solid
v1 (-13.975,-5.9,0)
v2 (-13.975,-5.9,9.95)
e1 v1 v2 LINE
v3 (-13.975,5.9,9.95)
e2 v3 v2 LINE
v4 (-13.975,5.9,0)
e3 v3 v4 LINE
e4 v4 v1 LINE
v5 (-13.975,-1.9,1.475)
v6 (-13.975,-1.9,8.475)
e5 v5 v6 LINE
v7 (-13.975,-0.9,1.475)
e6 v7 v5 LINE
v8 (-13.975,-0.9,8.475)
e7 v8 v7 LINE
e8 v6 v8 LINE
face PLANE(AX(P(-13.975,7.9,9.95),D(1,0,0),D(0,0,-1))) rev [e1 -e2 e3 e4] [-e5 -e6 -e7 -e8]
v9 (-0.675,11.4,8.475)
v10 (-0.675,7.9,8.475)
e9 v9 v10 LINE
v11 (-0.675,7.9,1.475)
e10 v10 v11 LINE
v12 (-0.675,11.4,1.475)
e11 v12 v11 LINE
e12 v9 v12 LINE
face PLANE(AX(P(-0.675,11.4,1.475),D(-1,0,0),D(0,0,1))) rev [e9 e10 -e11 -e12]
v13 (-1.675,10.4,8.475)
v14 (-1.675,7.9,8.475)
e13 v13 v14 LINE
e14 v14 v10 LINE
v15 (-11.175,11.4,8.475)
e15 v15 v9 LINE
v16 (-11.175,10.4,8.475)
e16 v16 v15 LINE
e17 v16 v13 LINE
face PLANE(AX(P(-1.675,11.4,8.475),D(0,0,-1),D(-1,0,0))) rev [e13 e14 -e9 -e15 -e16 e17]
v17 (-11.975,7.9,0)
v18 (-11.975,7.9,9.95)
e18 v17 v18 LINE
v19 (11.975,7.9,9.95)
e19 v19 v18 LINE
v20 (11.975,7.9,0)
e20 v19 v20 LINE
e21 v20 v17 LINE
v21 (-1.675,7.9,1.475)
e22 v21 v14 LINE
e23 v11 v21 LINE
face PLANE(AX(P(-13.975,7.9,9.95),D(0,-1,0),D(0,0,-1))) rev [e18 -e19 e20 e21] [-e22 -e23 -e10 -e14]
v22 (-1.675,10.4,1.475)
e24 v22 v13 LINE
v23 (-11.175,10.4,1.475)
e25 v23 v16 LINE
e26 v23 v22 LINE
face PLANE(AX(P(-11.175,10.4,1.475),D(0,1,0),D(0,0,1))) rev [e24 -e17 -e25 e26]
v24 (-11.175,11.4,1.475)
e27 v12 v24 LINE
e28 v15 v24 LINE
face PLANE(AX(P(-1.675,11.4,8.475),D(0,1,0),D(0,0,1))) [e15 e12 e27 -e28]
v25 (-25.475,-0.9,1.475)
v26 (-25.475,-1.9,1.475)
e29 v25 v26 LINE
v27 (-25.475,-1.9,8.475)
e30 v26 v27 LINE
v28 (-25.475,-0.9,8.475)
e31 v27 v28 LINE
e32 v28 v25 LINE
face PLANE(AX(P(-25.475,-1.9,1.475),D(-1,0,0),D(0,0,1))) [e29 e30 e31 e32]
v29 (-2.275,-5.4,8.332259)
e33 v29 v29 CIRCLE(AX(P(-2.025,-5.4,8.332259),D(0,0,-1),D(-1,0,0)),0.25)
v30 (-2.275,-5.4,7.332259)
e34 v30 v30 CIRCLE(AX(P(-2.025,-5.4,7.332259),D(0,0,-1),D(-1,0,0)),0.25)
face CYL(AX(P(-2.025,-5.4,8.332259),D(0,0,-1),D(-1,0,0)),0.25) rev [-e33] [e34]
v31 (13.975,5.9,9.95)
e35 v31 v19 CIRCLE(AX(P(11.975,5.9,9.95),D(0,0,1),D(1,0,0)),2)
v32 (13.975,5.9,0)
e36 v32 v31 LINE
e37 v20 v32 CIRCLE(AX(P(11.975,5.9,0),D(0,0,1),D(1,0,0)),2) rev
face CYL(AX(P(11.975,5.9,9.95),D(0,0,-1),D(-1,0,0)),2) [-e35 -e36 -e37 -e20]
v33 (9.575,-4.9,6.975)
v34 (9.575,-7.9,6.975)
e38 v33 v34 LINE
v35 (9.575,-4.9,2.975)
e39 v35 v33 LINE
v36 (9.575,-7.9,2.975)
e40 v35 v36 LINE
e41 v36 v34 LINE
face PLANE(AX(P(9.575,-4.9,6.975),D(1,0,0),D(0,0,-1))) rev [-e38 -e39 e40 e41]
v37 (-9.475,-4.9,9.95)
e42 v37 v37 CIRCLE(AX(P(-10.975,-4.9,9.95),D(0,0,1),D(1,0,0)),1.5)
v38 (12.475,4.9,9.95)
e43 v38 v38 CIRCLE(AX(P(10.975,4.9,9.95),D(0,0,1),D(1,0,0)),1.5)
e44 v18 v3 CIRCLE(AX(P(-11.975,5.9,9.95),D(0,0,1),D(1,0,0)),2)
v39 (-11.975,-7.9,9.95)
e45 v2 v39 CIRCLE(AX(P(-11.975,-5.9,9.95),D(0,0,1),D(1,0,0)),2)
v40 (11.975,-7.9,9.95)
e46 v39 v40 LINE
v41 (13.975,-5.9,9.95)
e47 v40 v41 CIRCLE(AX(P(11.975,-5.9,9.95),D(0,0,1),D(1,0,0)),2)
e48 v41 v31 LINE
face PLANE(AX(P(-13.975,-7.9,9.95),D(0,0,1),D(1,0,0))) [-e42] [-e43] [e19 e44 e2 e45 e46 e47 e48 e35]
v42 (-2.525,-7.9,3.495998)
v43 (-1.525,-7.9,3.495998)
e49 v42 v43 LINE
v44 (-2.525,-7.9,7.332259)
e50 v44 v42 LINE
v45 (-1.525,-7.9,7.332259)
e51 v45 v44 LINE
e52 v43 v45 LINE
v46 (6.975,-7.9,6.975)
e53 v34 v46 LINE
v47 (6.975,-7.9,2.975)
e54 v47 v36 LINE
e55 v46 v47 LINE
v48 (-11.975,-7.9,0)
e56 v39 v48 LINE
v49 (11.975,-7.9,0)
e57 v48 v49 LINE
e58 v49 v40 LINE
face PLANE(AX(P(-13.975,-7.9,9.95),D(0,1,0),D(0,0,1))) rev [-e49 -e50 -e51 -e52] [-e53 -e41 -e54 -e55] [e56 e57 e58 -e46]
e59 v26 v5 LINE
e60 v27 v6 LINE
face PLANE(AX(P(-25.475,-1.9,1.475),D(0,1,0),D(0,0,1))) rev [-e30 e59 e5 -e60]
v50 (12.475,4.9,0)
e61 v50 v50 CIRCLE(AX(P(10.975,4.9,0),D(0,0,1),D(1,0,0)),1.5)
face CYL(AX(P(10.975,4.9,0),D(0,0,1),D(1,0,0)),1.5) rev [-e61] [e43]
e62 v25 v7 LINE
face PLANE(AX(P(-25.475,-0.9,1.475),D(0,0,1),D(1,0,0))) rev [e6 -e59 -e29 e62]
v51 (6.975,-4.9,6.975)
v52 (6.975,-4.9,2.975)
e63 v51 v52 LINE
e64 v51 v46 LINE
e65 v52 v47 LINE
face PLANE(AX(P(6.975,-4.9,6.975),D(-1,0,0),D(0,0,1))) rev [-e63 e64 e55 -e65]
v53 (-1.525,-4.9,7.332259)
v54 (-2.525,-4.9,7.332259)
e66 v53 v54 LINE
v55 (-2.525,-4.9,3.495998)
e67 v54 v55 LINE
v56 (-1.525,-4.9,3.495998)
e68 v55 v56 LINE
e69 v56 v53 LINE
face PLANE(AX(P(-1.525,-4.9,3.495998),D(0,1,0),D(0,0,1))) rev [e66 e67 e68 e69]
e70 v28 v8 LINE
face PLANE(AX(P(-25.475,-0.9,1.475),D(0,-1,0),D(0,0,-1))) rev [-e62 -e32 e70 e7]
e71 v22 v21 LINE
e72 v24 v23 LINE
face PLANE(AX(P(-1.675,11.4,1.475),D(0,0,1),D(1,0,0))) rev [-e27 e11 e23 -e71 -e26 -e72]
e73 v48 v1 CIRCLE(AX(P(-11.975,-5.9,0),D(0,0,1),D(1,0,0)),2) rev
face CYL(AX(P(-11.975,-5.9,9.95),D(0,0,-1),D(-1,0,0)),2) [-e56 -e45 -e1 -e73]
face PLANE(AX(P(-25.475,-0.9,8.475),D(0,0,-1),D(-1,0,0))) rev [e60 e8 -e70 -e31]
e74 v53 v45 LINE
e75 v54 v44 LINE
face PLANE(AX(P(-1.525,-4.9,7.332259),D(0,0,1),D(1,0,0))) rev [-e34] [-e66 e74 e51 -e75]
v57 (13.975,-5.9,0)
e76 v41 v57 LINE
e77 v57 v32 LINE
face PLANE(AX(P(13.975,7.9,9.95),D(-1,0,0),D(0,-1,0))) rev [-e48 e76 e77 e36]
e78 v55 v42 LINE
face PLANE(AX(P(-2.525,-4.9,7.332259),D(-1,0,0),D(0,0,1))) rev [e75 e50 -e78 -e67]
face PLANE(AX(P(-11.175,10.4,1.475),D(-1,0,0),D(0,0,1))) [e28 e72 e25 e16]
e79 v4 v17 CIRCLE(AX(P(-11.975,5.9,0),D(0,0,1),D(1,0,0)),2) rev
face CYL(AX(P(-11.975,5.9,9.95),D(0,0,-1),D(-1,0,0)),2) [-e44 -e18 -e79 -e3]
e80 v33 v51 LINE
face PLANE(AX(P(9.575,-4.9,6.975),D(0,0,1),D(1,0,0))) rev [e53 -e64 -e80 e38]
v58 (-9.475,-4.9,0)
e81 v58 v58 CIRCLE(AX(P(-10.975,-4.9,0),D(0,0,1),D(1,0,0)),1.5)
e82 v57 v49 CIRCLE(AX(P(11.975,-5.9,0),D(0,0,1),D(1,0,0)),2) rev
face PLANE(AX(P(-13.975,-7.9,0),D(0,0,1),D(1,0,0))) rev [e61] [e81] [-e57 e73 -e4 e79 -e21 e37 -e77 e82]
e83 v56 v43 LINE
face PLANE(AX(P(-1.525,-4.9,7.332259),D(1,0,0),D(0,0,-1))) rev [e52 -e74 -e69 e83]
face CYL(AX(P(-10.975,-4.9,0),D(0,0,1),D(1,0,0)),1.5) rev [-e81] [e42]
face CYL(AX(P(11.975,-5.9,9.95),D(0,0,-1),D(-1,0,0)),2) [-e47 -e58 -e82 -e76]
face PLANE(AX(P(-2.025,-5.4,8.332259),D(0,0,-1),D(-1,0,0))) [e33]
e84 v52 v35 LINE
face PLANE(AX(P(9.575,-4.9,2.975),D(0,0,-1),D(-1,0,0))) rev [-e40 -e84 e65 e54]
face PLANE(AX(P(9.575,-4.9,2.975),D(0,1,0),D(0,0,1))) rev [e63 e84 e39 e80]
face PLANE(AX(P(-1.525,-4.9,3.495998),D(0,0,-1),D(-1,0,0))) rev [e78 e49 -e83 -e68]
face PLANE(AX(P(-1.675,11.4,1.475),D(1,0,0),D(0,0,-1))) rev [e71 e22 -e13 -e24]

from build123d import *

# Parameters (mm, degrees)
SKETCH1_W      = 27.95
SKETCH1_H      = 15.8
EXTRUDE1_DEPTH = 9.95
SKETCH2_R      = 1.5
EXTRUDE2_DEPTH = 10.95
FILLET1_R      = 2
SKETCH3_W      = 7
SKETCH3_H      = 1
EXTRUDE3_DEPTH = 11.5
SKETCH4_W      = 1
SKETCH4_H      = 7
EXTRUDE4_DEPTH = 3.5
SKETCH5_W      = 7
SKETCH5_H      = 1
EXTRUDE5_DEPTH = 9.5
SKETCH6_W      = 2.6
SKETCH6_H      = 4
EXTRUDE6_DEPTH = 3
SKETCH7_W      = 1
SKETCH7_H      = 3.836260464
EXTRUDE7_DEPTH = 3
SKETCH8_R      = 0.25
EXTRUDE8_DEPTH = 1


with BuildPart() as part:
    # Sketch1 → Extrude1 (new body)
    with BuildSketch(Plane.XY):
        Rectangle(SKETCH1_W, SKETCH1_H)
    extrude(amount=EXTRUDE1_DEPTH)

    # Sketch2 → Extrude2 (cut, through all)
    with BuildSketch(Plane.XY.offset(9.95)):
        with Locations((10.975, 4.9)):
            Circle(SKETCH2_R)
        with Locations((-10.975, -4.9)):
            Circle(SKETCH2_R)
    extrude(amount=-EXTRUDE2_DEPTH, mode=Mode.SUBTRACT)

    # Fillet1
    fillet1_edges = [part.edges().sort_by_distance(p)[0] for p in [
        (-13.975, 7.9, 4.975),
        (13.975, 7.9, 4.975),
        (13.975, -7.9, 4.975),
        (-13.975, -7.9, 4.975),
    ]]
    fillet(fillet1_edges, radius=FILLET1_R)

    # Sketch3 → Extrude3 (add)
    with BuildSketch(Plane.ZY.offset(13.975)):
        with Locations((4.975, -1.4)):
            Rectangle(SKETCH3_W, SKETCH3_H)
    extrude(amount=EXTRUDE3_DEPTH)

    # Sketch4 → Extrude4 (add)
    with BuildSketch(Plane(origin=(0, 7.9, 0), x_dir=(-1, 0, 0), z_dir=(0, 1, 0))):
        with Locations((1.175, 4.975)):
            Rectangle(SKETCH4_W, SKETCH4_H)
    extrude(amount=EXTRUDE4_DEPTH)

    # Sketch5 → Extrude5 (add)
    with BuildSketch(Plane.ZY.offset(1.675)):
        with Locations((4.975, 10.9)):
            Rectangle(SKETCH5_W, SKETCH5_H)
    extrude(amount=EXTRUDE5_DEPTH)

    # Sketch6 → Extrude6 (cut)
    with BuildSketch(Plane.XZ.offset(7.9)):
        with Locations((8.275, 4.975)):
            Rectangle(SKETCH6_W, SKETCH6_H)
    extrude(amount=-EXTRUDE6_DEPTH, mode=Mode.SUBTRACT)

    # Sketch7 → Extrude7 (cut)
    with BuildSketch(Plane.XZ.offset(7.9)):
        with Locations((-2.025, 5.414128699)):
            Rectangle(SKETCH7_W, SKETCH7_H)
    extrude(amount=-EXTRUDE7_DEPTH, mode=Mode.SUBTRACT)

    # Sketch8 → Extrude8 (cut)
    with BuildSketch(Plane(origin=(0, 0, 7.332258931), x_dir=(-1, 0, 0), z_dir=(0, 0, -1))):
        with Locations((2.025, -5.4)):
            Circle(SKETCH8_R)
    extrude(amount=-EXTRUDE8_DEPTH, mode=Mode.SUBTRACT)


solid = part.part
